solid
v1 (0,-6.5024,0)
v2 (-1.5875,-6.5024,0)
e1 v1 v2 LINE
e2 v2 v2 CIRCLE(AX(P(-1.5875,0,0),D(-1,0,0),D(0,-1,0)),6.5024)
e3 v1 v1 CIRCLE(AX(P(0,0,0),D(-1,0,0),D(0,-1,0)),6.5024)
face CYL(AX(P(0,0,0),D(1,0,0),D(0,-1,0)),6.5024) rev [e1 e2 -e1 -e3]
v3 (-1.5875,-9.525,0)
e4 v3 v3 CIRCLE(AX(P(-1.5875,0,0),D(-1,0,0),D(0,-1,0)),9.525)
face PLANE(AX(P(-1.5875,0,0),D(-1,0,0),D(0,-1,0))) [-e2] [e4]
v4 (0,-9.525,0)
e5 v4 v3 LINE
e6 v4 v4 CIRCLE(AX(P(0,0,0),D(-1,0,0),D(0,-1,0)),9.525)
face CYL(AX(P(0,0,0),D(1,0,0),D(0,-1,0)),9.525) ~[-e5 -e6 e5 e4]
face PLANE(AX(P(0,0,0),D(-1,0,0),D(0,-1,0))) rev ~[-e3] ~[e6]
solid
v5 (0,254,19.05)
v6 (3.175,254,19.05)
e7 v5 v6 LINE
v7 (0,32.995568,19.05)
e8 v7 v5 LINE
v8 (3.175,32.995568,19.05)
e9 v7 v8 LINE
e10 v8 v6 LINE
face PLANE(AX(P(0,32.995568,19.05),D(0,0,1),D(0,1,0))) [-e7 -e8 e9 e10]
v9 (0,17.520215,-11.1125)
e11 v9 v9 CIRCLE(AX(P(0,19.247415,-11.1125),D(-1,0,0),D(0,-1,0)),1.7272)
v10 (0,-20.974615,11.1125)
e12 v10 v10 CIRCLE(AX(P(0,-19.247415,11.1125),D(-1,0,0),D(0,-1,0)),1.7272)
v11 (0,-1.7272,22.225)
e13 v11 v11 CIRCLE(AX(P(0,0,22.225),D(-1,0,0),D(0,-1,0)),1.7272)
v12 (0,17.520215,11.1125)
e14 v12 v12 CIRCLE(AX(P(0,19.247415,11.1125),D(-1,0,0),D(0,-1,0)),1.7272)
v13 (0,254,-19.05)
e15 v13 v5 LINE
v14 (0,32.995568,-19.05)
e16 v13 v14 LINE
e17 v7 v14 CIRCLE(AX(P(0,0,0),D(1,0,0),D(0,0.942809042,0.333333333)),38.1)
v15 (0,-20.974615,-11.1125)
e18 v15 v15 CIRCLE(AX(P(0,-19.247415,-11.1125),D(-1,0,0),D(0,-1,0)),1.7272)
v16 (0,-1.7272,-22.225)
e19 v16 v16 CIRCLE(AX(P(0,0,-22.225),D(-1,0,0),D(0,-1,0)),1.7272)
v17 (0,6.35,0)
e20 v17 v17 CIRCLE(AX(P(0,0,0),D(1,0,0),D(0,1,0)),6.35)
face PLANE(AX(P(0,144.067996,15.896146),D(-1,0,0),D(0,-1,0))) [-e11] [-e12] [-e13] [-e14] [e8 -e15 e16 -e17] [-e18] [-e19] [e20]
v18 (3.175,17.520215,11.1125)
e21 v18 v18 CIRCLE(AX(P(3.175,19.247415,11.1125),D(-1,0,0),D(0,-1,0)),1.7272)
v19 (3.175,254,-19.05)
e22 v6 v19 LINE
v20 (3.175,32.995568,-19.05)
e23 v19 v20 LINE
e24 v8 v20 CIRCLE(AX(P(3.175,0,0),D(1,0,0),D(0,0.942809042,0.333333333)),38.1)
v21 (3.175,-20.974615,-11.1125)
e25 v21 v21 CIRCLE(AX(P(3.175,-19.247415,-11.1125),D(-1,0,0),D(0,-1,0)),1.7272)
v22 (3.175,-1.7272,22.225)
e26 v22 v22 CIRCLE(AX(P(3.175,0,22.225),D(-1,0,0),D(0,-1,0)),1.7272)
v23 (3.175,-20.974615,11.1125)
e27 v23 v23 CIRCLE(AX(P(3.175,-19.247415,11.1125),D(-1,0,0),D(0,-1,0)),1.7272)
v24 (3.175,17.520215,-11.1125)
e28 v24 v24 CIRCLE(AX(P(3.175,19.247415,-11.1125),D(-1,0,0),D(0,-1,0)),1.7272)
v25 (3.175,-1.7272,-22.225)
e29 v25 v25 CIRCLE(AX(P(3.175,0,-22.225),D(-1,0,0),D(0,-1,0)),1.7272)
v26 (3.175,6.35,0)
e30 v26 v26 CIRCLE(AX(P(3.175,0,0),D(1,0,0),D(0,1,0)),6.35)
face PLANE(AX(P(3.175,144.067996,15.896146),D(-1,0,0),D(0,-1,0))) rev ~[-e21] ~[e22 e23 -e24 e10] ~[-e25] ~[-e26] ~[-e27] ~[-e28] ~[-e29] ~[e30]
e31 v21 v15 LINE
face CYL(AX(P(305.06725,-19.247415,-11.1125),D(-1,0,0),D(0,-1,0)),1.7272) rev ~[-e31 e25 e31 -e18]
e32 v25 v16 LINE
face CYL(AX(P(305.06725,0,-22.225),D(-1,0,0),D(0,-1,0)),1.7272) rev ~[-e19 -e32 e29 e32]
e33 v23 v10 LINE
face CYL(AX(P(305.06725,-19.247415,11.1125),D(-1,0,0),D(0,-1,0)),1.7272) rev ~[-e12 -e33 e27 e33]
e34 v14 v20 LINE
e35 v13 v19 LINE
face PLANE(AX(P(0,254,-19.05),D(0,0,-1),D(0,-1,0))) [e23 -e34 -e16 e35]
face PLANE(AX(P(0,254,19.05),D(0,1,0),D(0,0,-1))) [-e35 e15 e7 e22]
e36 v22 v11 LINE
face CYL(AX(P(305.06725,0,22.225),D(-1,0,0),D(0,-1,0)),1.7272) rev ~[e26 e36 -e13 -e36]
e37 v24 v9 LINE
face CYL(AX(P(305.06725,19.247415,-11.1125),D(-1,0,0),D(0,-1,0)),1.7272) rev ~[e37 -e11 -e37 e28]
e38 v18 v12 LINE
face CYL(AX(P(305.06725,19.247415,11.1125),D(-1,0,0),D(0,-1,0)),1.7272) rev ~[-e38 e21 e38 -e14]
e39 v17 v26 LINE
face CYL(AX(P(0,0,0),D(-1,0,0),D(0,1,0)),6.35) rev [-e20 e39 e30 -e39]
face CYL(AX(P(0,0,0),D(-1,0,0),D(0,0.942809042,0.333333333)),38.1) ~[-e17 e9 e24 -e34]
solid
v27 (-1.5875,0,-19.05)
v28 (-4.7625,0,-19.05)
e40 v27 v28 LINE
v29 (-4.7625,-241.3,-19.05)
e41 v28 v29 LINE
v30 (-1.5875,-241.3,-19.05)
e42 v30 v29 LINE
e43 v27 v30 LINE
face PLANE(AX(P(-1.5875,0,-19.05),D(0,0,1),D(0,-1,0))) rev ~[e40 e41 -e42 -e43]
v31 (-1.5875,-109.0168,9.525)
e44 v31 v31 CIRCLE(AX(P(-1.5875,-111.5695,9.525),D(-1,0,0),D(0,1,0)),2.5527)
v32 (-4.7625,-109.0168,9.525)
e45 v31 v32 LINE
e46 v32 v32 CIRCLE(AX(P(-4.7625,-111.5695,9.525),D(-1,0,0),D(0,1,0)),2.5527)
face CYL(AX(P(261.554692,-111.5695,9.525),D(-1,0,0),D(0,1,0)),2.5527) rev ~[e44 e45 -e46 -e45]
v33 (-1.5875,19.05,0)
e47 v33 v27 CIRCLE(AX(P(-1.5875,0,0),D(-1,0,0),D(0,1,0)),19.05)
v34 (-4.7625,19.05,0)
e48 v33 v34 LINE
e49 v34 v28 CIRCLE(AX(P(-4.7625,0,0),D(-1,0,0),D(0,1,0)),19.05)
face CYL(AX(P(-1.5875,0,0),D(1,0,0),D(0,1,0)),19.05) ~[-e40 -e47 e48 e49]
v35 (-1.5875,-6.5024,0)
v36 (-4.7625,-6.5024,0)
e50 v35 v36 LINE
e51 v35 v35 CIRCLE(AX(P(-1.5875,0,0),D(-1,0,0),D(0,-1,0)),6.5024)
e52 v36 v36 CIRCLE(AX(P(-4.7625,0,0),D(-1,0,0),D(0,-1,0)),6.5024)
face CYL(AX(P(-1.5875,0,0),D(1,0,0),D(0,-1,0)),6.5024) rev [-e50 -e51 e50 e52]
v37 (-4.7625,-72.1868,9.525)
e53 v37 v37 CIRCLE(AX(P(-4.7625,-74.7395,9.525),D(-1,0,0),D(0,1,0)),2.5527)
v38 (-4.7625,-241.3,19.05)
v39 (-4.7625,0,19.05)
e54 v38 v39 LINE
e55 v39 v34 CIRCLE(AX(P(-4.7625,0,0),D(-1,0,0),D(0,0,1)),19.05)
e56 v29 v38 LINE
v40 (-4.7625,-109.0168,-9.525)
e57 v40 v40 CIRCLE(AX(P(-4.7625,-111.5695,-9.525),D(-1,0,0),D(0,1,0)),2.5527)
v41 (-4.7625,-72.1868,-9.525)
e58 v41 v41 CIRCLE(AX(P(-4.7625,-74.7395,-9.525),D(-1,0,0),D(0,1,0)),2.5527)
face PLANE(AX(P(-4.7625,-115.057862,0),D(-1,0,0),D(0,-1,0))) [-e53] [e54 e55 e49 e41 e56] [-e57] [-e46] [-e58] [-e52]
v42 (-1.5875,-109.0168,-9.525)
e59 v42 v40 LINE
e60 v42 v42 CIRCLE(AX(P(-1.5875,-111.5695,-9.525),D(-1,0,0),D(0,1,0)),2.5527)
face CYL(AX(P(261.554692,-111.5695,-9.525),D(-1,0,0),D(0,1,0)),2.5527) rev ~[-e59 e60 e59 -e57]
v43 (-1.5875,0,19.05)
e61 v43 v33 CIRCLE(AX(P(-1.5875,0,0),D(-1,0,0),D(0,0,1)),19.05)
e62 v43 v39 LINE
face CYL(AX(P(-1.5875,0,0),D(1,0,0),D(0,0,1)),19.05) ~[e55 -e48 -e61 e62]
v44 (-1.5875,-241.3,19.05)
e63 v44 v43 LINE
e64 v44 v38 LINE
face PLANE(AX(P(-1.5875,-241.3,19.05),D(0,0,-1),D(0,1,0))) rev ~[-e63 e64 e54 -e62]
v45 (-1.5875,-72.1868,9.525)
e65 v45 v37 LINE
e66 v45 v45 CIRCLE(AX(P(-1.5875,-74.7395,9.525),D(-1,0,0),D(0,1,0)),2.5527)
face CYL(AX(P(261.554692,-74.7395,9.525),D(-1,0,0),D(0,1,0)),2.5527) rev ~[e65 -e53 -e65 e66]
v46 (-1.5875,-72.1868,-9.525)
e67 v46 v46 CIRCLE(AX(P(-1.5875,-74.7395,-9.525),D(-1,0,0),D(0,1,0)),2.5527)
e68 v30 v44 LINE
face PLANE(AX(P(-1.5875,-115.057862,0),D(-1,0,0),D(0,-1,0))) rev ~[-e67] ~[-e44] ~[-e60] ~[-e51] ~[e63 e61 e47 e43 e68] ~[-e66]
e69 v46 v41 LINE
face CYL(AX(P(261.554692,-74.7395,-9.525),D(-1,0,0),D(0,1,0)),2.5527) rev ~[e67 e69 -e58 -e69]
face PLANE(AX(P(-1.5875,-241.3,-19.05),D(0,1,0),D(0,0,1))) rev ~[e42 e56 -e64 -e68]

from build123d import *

# Parameters (mm, degrees)
F0_R      = 6.35
F1_DEPTH  = 3.175
F2_R      = 9.525
F2_R_2    = 6.5024
F3_DEPTH  = 1.5875
F5_D      = 3.4544
F6_R      = 9.525
F6_R_2    = 6.5024
F7_DEPTH  = 3.175
F8_D      = 5.1054
F10_DEPTH = 3.175


with BuildPart() as f1:
    # F0 (on Right) → F1 (new body)
    with BuildSketch(Plane.YZ):
        with BuildLine():
            Line((35.9210244843, -12.7), (35.9210244843, 12.7))
            ThreePointArc((35.9210244843, 12.7), (-38.1, 0), (35.9210244843, -12.7))
        make_face()
        Circle(F0_R, mode=Mode.SUBTRACT)
        with BuildLine():
            ThreePointArc((35.9210244843, 12.7), (37.5513051228, 6.4427853895), (38.1, 0))
            ThreePointArc((38.1, 0), (37.5513051228, -6.4427853895), (35.9210244843, -12.7))
            Line((35.9210244843, -12.7), (254, -12.7))
            Line((254, -12.7), (254, 12.7))
            Line((254, 12.7), (35.9210244843, 12.7))
        make_face()
        with BuildLine():
            ThreePointArc((35.9210244843, -12.7), (37.5513051228, -6.4427853895), (38.1, 0))
            ThreePointArc((38.1, 0), (37.5513051228, 6.4427853895), (35.9210244843, 12.7))
            Line((35.9210244843, 12.7), (35.9210244843, -12.7))
        make_face()
    extrude(amount=F1_DEPTH)

    # F5 (through all)
    with Locations(Plane.YZ.offset(3.175)):
        with Locations((0, 22.225), (-19.2474145991, -11.1125), (-19.2474145991, 11.1125), (0, -22.225), (19.2474145991, 11.1125), (19.2474145991, -11.1125)):
            Hole(F5_D / 2)

    # F9 (on face) → F10 (join)
    with BuildSketch(Plane(origin=(0, 0, 0), x_dir=(0, -1, 0), z_dir=(-1, 0, 0))):
        with BuildLine():
            Line((-254, 19.05), (-254, 12.7))
            Line((-254, 12.7), (-35.9210244843, 12.7))
            ThreePointArc((-35.9210244843, 12.7), (-34.6042598667, 15.9422457351), (-32.9955678842, 19.05))
            Line((-32.9955678842, 19.05), (-254, 19.05))
        make_face()
        with BuildLine():
            Line((-35.9210244843, -12.7), (-254, -12.7))
            Line((-254, -12.7), (-254, -19.05))
            Line((-254, -19.05), (-32.9955678842, -19.05))
            ThreePointArc((-32.9955678842, -19.05), (-34.6042598667, -15.9422457351), (-35.9210244843, -12.7))
        make_face()
    extrude(amount=-F10_DEPTH)


with BuildPart() as f3:
    # F2 (on face) → F3 (new body)
    with BuildSketch(Plane(origin=(0, 0, 0), x_dir=(0, -1, 0), z_dir=(-1, 0, 0))):
        Circle(F2_R)
        Circle(F2_R_2, mode=Mode.SUBTRACT)
    extrude(amount=F3_DEPTH)


with BuildPart() as f7:
    # F6 (on face) → F7 (new body)
    with BuildSketch(Plane(origin=(-1.5875, 0, 0), x_dir=(0, -1, 0), z_dir=(-1, 0, 0))):
        with BuildLine():
            Line((241.3, 19.05), (0, 19.05))
            ThreePointArc((0, 19.05), (-13.4703841816, 13.4703841816), (-19.05, 0))
            ThreePointArc((-19.05, 0), (-13.4703841816, -13.4703841816), (0, -19.05))
            Line((0, -19.05), (241.3, -19.05))
            Line((241.3, -19.05), (241.3, 19.05))
        make_face()
        Circle(F6_R, mode=Mode.SUBTRACT)
        Circle(F6_R)
        Circle(F6_R_2, mode=Mode.SUBTRACT)
    extrude(amount=F7_DEPTH)

    # F8 (through all)
    with Locations(Plane(origin=(-1.5875, 0, 0), x_dir=(0, -1, 0), z_dir=(1, 0, 0))):
        with Locations((111.5695, -9.525), (74.7395, -9.525), (74.7395, 9.525), (111.5695, 9.525)):
            Hole(F8_D / 2)


solid = Compound([f1.part, f3.part, f7.part])
